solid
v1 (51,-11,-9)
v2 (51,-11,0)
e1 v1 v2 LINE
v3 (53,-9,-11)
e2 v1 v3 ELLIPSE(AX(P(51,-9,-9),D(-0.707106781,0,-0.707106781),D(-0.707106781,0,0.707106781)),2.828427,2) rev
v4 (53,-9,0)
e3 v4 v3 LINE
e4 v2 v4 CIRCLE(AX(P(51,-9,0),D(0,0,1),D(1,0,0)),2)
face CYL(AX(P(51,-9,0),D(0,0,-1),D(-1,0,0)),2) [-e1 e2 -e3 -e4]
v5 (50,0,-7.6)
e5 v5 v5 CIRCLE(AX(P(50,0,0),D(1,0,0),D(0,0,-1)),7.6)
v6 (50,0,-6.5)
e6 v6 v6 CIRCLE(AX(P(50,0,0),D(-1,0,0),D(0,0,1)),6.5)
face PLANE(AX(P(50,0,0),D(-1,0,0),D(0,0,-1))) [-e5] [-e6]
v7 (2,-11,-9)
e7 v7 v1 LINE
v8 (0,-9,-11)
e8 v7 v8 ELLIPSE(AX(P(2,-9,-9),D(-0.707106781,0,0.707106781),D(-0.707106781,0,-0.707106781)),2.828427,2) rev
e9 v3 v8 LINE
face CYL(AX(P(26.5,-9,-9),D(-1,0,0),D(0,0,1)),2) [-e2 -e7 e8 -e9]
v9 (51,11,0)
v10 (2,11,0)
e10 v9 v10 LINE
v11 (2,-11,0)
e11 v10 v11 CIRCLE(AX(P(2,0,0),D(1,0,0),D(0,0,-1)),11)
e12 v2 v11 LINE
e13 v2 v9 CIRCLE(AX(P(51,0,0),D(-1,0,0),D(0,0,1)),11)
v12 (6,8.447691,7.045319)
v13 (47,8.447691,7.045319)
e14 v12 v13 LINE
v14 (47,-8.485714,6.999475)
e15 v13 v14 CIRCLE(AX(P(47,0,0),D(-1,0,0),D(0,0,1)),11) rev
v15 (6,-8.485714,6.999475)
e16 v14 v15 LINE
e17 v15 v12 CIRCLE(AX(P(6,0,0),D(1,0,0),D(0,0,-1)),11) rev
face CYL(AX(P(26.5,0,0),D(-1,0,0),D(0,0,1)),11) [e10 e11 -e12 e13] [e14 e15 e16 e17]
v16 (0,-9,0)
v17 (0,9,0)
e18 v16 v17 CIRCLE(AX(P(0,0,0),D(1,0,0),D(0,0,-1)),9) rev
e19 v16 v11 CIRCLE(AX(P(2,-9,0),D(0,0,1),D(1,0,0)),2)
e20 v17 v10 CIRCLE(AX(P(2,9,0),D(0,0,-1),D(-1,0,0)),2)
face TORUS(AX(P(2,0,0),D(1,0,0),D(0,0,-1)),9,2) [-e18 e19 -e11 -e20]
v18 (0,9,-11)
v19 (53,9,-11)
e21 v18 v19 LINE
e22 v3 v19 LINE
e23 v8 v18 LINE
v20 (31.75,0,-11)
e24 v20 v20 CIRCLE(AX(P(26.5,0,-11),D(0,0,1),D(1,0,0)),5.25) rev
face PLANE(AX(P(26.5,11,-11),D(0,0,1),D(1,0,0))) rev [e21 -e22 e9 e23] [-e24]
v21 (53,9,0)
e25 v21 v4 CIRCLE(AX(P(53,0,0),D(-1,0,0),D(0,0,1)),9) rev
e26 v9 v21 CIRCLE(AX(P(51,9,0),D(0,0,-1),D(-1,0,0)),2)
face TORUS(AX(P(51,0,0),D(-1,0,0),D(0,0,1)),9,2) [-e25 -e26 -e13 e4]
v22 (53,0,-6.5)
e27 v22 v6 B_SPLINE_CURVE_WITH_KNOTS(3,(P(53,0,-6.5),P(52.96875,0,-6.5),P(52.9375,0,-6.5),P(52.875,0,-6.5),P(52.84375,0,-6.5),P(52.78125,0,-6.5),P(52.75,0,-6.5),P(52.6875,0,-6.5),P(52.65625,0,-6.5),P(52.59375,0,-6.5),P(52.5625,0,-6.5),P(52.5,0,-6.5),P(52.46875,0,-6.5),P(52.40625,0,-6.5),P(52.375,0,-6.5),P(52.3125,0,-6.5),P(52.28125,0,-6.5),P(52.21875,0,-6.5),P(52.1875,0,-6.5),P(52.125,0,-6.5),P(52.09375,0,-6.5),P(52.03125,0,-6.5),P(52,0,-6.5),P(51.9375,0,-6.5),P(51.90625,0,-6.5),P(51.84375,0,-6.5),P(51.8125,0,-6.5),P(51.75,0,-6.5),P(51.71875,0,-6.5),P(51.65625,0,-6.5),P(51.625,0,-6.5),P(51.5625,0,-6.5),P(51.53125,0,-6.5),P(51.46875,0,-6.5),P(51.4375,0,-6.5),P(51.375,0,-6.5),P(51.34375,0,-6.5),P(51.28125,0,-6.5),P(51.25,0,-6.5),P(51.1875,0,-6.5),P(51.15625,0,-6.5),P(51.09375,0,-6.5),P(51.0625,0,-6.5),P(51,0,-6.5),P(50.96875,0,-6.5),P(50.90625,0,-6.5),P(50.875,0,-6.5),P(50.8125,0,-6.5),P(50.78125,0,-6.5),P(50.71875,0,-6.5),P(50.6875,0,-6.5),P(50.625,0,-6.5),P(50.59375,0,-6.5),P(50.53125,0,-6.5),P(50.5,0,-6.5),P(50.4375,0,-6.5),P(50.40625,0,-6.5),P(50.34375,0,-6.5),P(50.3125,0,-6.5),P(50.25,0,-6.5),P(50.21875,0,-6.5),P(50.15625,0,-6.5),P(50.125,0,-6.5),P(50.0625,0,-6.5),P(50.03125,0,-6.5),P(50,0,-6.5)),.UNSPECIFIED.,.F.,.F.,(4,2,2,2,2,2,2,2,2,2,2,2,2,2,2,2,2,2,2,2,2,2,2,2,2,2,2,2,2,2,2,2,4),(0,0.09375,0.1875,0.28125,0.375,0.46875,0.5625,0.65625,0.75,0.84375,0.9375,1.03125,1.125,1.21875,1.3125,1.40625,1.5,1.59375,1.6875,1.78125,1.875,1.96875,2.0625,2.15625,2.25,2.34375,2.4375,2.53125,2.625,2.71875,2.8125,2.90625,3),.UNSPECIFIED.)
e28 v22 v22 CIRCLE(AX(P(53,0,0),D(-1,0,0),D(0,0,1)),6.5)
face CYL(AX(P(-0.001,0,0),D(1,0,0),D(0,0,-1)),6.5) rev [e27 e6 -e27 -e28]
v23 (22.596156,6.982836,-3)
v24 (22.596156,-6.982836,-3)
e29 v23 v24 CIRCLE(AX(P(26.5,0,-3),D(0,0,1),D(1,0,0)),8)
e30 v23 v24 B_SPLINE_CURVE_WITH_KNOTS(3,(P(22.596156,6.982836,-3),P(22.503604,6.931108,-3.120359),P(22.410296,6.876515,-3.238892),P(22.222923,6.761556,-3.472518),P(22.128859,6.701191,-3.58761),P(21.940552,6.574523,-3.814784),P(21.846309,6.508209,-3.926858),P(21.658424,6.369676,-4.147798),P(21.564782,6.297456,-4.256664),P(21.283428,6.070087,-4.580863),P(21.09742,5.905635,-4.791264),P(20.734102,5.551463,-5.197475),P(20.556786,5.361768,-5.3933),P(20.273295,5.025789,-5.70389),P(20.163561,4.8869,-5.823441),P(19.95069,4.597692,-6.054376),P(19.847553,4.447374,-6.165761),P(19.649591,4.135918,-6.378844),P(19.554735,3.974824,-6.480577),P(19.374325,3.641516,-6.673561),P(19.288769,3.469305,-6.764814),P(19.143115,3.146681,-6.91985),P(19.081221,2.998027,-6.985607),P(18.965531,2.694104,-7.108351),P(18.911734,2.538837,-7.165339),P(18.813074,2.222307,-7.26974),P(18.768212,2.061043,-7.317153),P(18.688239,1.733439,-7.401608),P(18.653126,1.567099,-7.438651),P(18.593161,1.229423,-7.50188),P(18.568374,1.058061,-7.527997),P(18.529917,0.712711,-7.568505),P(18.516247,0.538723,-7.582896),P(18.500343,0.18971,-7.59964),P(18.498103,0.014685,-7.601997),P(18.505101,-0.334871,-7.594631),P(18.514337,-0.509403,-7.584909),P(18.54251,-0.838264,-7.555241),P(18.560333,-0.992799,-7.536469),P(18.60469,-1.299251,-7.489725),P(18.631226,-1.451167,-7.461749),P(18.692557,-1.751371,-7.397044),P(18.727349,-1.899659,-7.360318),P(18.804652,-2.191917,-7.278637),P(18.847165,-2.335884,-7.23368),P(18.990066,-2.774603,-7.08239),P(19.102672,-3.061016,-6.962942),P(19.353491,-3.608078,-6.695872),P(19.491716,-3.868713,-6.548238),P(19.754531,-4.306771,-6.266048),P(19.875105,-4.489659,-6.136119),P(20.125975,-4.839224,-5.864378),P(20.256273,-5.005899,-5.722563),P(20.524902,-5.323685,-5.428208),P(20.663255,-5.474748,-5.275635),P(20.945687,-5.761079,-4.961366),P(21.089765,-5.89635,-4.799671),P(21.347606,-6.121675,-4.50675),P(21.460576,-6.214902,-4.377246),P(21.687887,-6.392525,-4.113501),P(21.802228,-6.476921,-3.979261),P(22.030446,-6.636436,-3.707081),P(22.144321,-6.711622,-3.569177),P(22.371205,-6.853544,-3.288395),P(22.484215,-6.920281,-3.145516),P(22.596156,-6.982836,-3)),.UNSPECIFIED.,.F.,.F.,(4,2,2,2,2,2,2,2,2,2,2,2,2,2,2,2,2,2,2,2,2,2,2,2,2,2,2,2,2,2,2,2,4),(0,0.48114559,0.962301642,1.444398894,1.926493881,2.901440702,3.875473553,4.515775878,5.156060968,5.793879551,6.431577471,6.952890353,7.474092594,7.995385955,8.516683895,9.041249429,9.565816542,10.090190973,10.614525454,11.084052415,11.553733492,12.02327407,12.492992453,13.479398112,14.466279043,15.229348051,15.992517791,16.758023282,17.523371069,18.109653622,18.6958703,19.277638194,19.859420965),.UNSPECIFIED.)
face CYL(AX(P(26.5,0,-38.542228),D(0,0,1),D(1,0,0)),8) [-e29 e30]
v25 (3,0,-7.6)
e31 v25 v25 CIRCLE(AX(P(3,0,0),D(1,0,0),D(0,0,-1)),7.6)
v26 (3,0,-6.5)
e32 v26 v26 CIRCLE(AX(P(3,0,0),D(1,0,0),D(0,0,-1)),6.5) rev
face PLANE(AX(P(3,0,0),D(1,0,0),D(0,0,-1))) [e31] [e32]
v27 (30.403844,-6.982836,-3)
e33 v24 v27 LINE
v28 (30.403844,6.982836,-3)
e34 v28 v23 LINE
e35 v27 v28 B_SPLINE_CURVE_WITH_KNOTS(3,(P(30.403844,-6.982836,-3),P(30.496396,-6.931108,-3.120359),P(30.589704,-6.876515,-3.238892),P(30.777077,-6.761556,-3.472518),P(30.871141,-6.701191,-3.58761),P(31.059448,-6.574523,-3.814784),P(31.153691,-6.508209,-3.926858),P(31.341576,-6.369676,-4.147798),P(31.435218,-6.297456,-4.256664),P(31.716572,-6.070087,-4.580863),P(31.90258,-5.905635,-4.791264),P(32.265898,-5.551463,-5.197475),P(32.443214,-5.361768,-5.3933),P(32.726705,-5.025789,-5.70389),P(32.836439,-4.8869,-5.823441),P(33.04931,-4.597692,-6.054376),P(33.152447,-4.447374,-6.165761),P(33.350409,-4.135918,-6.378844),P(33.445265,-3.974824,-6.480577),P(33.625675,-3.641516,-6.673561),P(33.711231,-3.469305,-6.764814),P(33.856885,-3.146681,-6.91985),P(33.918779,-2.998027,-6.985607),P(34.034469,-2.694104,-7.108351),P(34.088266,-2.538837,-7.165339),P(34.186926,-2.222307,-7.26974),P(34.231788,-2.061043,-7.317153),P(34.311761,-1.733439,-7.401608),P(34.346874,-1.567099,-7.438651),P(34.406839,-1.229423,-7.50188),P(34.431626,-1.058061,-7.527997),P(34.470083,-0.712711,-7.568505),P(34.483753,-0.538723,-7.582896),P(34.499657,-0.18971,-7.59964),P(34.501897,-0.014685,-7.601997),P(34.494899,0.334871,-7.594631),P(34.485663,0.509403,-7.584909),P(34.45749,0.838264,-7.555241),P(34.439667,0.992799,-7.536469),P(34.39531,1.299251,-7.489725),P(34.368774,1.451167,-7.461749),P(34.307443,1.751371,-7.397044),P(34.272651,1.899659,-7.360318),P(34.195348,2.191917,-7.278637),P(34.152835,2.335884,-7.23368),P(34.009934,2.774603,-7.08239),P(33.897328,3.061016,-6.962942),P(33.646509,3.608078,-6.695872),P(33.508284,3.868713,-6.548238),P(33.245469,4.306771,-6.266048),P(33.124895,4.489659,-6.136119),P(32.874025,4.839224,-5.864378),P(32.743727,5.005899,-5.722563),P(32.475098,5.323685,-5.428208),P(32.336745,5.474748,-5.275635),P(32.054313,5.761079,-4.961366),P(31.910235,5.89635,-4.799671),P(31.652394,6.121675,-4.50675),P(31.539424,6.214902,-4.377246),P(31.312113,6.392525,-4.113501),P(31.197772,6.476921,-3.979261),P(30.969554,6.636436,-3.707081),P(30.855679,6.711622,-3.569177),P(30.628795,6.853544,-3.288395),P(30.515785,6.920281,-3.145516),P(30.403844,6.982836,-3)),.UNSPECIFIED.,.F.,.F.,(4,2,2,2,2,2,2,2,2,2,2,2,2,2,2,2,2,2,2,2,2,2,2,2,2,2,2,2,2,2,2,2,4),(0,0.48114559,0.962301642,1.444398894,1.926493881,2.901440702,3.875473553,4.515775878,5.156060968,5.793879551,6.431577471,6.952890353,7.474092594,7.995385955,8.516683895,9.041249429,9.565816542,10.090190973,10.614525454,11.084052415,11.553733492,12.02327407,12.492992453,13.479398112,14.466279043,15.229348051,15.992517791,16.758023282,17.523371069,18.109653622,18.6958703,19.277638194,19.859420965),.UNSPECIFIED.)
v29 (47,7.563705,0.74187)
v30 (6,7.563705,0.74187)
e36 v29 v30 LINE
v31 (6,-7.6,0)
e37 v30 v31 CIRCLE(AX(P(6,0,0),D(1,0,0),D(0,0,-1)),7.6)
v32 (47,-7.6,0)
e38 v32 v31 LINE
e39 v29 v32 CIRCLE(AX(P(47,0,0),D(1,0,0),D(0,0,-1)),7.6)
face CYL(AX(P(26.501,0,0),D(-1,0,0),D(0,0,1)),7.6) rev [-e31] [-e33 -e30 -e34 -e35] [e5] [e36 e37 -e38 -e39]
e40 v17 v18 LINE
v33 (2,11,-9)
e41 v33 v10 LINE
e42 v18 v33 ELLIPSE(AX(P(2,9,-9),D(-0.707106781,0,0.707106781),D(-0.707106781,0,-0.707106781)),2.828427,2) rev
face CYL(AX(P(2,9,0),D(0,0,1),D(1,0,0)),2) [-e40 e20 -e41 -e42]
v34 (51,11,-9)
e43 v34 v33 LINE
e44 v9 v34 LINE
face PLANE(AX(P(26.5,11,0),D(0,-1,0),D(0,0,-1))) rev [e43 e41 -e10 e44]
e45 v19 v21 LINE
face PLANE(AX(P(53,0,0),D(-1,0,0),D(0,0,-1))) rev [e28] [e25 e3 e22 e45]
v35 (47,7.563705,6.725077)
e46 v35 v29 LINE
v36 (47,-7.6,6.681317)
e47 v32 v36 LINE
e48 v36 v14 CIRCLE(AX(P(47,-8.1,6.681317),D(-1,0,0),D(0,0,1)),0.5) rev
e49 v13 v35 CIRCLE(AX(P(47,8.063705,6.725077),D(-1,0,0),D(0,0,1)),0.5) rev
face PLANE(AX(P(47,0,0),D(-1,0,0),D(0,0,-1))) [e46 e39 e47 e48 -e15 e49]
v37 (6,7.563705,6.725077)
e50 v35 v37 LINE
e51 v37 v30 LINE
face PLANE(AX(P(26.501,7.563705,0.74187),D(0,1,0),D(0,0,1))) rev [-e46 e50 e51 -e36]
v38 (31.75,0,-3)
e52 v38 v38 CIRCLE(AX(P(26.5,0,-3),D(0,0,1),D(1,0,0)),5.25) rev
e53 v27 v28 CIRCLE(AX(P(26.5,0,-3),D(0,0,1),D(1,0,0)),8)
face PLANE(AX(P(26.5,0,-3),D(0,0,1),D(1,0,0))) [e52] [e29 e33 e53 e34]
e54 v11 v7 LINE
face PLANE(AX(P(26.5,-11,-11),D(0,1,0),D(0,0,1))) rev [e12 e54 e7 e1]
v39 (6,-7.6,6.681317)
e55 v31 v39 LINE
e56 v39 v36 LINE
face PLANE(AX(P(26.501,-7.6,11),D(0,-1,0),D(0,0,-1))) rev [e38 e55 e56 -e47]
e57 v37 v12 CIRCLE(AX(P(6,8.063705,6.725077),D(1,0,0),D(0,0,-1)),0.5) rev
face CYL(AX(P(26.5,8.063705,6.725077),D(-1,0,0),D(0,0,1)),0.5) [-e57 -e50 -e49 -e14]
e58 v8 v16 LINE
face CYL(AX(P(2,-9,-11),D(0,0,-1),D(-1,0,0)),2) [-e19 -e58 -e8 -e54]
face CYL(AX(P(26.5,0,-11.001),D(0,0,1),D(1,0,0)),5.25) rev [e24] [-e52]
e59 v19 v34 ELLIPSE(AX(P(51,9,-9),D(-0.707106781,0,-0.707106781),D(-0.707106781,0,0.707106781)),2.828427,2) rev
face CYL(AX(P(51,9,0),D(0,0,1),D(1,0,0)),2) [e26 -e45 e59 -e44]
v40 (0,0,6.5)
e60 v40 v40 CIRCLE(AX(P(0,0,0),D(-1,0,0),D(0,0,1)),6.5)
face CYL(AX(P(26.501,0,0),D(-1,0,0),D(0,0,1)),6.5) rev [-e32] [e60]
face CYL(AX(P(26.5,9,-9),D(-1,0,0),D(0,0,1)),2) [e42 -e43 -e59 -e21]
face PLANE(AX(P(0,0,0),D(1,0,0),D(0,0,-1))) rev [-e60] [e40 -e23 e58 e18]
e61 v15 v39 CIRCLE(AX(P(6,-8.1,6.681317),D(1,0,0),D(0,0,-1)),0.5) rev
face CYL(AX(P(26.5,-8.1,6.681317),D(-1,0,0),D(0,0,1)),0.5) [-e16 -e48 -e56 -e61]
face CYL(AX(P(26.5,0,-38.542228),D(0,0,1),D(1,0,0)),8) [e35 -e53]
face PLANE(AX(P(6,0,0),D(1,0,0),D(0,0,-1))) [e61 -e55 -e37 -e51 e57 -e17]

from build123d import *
from build123d.topology import SkipClean

# Parameters (mm, degrees)
BOSS_EXTRUDE1_DEPTH = 26.5
CUT_EXTRUDE2_REACH  = 38.729
CUT_EXTRUDE2_START  = -6
CUT_EXTRUDE3_REACH  = 32.729
SKETCH4_R           = 6.5
CUT_EXTRUDE6_START  = -3
SKETCH7_R           = 7.6000000000000005
CUT_EXTRUDE6_DEPTH  = 3
BOSS_EXTRUDE4_REACH = 60.236
BOSS_EXTRUDE4_START = -3
SKETCH8_R           = 7.999999999999998
CUT_EXTRUDE4_START  = -11
SKETCH5_R           = 5.2499999999999964
CUT_EXTRUDE4_DEPTH  = 8
FILLET1_R           = 2
FILLET2_R           = 0.5


with BuildPart() as part:
    # Sketch1 → Boss-Extrude1 (new body)
    with BuildSketch(Plane(origin=(0, 0, 0), x_dir=(0, 0, -1), z_dir=(1, 0, 0))):
        with BuildLine():
            Line((0, 11), (11.000000000000002, 11))
            Line((11.000000000000002, 11), (11.000000000000002, -11))
            Line((11.000000000000002, -11), (3.47e-15, -11))
            ThreePointArc((3.47e-15, -11), (-11, 1.35e-15), (0, 11))
        make_face()
    boss_extrude1 = extrude(amount=BOSS_EXTRUDE1_DEPTH)

    # Sketch3 → Cut-Extrude2 (cut, up to next)
    with BuildSketch(Plane.ZY.offset(CUT_EXTRUDE2_START), mode=Mode.PRIVATE) as cut_extrude2_sk1:
        with BuildLine():
            Line((0.7418695651929484, 7.5637047502028025), (10.999999999999998, 7.5637047502028025))
            Line((10.999999999999998, 7.5637047502028025), (11, -7.599999999999998))
            Line((11, -7.599999999999998), (9.3e-16, -7.6))
            ThreePointArc((9.3e-16, -7.6), (-7.590920764358606, 0.3713784447559566), (0.7418695651929484, 7.5637047502028025))
        make_face()
    cut_extrude2_tool1 = extrude(cut_extrude2_sk1.sketch, amount=-CUT_EXTRUDE2_REACH, mode=Mode.PRIVATE) & part.part
    cut_extrude2 = cut_extrude2_tool1.solids().sort_by_distance((6, -0.011225, 2.425795))[0]
    add(cut_extrude2, mode=Mode.SUBTRACT)

    # Sketch4 → Cut-Extrude3 (cut, up to next)
    with BuildSketch(Plane.ZY, mode=Mode.PRIVATE) as cut_extrude3_sk1:
        Circle(SKETCH4_R)
    cut_extrude3_tool1 = extrude(cut_extrude3_sk1.sketch, amount=-CUT_EXTRUDE3_REACH, mode=Mode.PRIVATE) & part.part
    cut_extrude3 = cut_extrude3_tool1.solids().sort_by_distance((0, 0, 0))[0]
    add(cut_extrude3, mode=Mode.SUBTRACT)

    # Sketch7 → Cut-Extrude6 (cut)
    with BuildSketch(Plane(origin=(6, 0, 0), x_dir=(0, 0, -1), z_dir=(1, 0, 0)).offset(CUT_EXTRUDE6_START)):
        with Locations(Location((0, 0, 0), (0, 0, 95.601814437))):
            Circle(SKETCH7_R)
    cut_extrude6 = extrude(amount=CUT_EXTRUDE6_DEPTH, mode=Mode.SUBTRACT)

    # Mirror1: Boss-Extrude1, Cut-Extrude2, Cut-Extrude3, Cut-Extrude6 across plane
    with SkipClean():  # the faces are left unmerged after this step: merging them gives an invalid solid
        add(boss_extrude1.mirror(Plane(origin=(26.5, 0, 0), x_dir=(0, 0, 1), z_dir=(1, 0, 0))))
        add(cut_extrude2.mirror(Plane(origin=(26.5, 0, 0), x_dir=(0, 0, 1), z_dir=(1, 0, 0))), mode=Mode.SUBTRACT)
        add(cut_extrude3.mirror(Plane(origin=(26.5, 0, 0), x_dir=(0, 0, 1), z_dir=(1, 0, 0))), mode=Mode.SUBTRACT)
        add(cut_extrude6.mirror(Plane(origin=(26.5, 0, 0), x_dir=(0, 0, 1), z_dir=(1, 0, 0))), mode=Mode.SUBTRACT)

    # Sketch8 → Boss-Extrude4 (add, up to next)
    with BuildSketch(Plane.XY.offset(BOSS_EXTRUDE4_START), mode=Mode.PRIVATE) as boss_extrude4_sk1:
        with Locations((26.499999999999996, 3.1e-16)):
            Circle(SKETCH8_R)
    boss_extrude4_tool1 = extrude(boss_extrude4_sk1.sketch, amount=-BOSS_EXTRUDE4_REACH, mode=Mode.PRIVATE) - part.part
    add(boss_extrude4_tool1.solids().sort_by_distance((26.5, 0, -3))[0])

    # Sketch5 → Cut-Extrude4 (cut)
    with SkipClean():  # the faces are left unmerged after this step: merging them gives an invalid solid
        with BuildSketch(Plane.XY.offset(CUT_EXTRUDE4_START)):
            with Locations((26.499999999999996, 3.1e-16)):
                Circle(SKETCH5_R)
        extrude(amount=CUT_EXTRUDE4_DEPTH, mode=Mode.SUBTRACT)

    # Fillet1
    fillet1_edges = [part.edges().sort_by_distance(p)[0] for p in [
        (53, -11, -5.500000000000003),
        (53, 11, -5.500000000000001),
        (53, -1.7e-15, 11),
        (0, -1.7e-15, 11),
        (0, 11, -5.500000000000001),
        (0, -11, -5.500000000000003),
        (26.5, 11, -11.000000000000002),
        (26.5, -11, -11.000000000000002),
    ]]
    fillet(fillet1_edges, radius=FILLET1_R)

    # Fillet2
    fillet2_edges = [part.edges().sort_by_distance(p)[0] for p in [
        (26.5, -7.599999999999999, 7.9523581408284185),
        (26.5, 7.5637047502028025, 7.9868874069789895),
    ]]
    fillet(fillet2_edges, radius=FILLET2_R)


solid = part.part
